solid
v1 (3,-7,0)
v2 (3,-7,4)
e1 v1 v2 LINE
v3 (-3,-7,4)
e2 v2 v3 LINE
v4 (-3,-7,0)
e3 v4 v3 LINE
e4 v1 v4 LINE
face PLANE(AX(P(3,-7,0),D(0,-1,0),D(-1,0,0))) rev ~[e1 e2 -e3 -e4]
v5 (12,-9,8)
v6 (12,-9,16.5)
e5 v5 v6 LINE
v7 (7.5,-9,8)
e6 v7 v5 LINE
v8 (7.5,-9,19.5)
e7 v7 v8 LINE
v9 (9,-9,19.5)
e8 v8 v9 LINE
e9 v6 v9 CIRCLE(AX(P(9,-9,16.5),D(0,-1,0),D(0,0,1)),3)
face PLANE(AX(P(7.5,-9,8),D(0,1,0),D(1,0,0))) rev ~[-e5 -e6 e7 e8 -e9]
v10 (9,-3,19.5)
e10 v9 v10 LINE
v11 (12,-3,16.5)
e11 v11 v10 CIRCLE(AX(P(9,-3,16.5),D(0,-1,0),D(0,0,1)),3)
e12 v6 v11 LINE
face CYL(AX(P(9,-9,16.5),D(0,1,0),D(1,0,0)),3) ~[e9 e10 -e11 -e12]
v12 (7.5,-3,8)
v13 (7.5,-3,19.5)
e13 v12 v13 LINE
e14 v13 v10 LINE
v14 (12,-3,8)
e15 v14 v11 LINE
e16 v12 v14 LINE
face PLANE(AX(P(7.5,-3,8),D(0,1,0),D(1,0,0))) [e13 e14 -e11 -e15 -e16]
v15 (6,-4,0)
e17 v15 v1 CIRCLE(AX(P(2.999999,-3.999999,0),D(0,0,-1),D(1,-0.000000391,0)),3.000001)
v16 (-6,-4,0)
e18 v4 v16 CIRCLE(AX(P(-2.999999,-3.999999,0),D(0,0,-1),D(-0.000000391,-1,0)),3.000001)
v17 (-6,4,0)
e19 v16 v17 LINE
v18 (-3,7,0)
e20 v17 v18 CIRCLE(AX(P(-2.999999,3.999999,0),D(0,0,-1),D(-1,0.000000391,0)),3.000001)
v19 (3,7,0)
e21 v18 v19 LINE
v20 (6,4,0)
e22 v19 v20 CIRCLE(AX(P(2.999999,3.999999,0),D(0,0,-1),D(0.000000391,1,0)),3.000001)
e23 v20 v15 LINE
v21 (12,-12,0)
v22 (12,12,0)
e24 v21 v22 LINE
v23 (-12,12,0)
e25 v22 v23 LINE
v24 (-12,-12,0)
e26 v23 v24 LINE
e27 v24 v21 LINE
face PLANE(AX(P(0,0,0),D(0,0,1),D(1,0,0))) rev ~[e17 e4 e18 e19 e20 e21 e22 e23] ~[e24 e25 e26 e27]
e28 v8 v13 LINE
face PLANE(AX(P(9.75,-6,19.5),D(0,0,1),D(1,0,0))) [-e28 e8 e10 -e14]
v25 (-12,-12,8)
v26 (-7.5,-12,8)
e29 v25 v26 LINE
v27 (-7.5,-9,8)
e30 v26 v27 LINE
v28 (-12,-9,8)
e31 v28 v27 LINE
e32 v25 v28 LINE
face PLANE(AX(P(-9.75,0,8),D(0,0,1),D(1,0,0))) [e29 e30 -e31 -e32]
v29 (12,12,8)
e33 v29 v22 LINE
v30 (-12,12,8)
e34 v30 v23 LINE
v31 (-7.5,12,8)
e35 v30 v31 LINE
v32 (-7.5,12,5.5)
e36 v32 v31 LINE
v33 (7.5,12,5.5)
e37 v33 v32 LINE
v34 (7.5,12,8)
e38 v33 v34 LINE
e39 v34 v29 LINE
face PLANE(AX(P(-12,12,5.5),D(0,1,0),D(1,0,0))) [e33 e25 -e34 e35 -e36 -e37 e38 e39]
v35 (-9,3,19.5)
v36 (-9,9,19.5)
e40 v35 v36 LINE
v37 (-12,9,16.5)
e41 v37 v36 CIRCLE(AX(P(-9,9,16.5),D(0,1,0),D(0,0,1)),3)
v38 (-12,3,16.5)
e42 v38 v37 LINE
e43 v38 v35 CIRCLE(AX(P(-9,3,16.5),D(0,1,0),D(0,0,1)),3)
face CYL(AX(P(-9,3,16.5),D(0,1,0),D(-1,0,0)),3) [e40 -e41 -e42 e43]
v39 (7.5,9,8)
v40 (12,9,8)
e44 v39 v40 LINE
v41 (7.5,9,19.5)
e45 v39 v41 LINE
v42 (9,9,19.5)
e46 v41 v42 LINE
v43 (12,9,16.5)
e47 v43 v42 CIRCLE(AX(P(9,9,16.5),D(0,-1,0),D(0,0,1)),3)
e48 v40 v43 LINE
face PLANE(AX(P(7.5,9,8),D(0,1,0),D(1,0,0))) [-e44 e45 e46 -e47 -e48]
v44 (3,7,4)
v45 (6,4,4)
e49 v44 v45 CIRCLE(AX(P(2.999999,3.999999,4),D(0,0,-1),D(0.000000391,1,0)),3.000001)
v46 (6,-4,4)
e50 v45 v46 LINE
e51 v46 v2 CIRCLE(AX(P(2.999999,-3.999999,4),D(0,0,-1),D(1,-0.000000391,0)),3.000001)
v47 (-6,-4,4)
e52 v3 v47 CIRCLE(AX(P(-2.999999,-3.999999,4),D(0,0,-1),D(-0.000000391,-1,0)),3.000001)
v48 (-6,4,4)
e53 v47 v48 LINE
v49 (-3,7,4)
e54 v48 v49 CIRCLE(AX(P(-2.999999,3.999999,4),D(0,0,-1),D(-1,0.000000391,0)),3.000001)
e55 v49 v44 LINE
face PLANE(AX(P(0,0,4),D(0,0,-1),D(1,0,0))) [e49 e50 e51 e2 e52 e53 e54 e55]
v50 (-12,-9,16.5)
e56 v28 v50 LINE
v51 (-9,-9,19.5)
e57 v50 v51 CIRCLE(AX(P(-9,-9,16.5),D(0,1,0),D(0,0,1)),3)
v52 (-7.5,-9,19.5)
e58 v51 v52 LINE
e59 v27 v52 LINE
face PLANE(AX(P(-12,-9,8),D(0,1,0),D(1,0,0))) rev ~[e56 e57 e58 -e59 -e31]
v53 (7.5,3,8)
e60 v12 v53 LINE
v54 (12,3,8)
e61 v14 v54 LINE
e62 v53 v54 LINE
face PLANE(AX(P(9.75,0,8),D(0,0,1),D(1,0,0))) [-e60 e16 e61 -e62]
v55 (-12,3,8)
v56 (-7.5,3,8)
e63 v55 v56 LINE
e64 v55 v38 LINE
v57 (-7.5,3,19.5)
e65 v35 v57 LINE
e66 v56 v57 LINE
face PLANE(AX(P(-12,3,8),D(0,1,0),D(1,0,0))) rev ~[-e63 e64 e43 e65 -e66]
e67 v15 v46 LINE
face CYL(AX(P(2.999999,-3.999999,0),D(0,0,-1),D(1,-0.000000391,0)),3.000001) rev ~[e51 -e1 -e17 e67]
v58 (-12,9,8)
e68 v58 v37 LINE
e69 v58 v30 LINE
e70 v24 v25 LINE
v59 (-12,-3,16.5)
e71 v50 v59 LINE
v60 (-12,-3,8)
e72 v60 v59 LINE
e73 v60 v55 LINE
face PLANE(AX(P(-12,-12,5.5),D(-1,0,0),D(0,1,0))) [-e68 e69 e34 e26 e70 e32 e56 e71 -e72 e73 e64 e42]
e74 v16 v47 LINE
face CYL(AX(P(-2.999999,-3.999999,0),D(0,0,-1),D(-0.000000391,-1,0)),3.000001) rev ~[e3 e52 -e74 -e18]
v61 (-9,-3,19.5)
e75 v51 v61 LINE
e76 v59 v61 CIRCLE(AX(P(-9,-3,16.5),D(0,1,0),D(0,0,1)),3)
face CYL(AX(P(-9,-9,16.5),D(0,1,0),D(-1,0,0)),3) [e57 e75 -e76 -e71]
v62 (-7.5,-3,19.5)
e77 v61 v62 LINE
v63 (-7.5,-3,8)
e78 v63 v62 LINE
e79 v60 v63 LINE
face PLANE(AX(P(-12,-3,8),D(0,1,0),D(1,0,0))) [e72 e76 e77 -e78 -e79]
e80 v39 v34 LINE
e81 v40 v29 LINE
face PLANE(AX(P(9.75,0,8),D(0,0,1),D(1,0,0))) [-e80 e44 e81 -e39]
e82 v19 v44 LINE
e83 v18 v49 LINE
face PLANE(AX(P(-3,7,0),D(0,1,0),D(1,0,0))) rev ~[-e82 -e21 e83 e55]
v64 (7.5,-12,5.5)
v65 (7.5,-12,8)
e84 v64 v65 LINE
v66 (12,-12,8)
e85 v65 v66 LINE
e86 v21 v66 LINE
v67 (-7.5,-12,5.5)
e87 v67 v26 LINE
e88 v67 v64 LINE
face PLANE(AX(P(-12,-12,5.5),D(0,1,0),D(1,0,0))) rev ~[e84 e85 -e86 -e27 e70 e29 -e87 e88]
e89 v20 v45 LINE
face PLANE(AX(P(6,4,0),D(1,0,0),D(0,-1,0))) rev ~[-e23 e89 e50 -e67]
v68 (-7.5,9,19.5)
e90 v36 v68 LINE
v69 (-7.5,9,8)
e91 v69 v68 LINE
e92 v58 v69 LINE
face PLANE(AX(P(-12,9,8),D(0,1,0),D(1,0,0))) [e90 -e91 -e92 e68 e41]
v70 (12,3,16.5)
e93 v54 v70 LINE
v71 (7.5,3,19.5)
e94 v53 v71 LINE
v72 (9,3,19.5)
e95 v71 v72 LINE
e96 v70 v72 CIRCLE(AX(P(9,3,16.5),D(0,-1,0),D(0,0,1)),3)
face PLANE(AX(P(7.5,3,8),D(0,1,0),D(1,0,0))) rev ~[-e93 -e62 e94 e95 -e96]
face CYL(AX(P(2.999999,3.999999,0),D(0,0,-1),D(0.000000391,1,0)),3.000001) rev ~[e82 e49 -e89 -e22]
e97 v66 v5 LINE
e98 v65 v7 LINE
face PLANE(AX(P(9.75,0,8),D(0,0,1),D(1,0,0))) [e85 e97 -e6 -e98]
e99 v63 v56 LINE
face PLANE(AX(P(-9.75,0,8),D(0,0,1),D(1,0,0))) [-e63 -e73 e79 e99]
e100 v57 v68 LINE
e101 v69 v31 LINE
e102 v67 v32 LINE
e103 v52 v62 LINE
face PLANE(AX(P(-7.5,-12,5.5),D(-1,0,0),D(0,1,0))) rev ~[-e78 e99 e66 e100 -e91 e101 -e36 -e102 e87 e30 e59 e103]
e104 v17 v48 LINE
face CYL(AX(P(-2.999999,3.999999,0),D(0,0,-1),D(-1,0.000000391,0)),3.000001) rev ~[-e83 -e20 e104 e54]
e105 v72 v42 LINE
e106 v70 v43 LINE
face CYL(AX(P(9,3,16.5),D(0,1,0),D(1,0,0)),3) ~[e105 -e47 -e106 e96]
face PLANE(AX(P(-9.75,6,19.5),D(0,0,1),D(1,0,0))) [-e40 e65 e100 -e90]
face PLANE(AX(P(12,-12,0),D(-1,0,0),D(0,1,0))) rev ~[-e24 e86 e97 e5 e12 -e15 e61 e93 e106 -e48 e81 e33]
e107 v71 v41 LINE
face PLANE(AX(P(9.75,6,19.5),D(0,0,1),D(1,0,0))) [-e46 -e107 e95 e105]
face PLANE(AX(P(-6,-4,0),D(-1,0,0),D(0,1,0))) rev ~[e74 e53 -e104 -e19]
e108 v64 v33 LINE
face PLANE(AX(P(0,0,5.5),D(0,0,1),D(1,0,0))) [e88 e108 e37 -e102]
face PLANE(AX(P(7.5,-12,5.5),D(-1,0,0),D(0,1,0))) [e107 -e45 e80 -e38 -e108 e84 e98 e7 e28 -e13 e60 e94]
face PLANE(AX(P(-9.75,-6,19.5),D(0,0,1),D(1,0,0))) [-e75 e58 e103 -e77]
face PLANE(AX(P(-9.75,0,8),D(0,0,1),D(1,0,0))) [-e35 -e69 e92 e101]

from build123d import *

# Parameters (mm, degrees)
F1_DEPTH = 5.5
F2_W     = 4.5
F2_H     = 24
F3_DEPTH = 2.5
F4_W     = 4.5
F4_H     = 6
F5_DEPTH = 11.5
F6_R     = 3
F8_DEPTH = 4


with BuildPart() as f1:
    # F0 (on Top) → F1 (new body)
    with BuildSketch(Plane.XY):
        Polygon((12, -12), (12, 0), (12, 12), (-12, 12), (-12, -12), align=None)
    extrude(amount=F1_DEPTH)

    # F2 (on face) → F3 (join)
    with BuildSketch(Plane.XY.offset(5.5)):
        with Locations((-9.75, 0)):
            Rectangle(F2_W, F2_H)
        with Locations((9.75, 0)):
            Rectangle(F2_W, F2_H)
    extrude(amount=F3_DEPTH)

    # F4 (on face) → F5 (join)
    with BuildSketch(Plane.XY.offset(8)):
        with Locations((-9.75, 6)):
            Rectangle(F4_W, F4_H)
        with Locations((-9.75, -6)):
            Rectangle(F4_W, F4_H)
        with Locations((9.75, 6)):
            Rectangle(F4_W, F4_H)
        with Locations((9.75, -6)):
            Rectangle(F4_W, F4_H)
    extrude(amount=F5_DEPTH)

    # F6
    f6_edges = [f1.edges().sort_by_distance(p)[0] for p in [
        (12, -6, 19.5),
        (12, 6, 19.5),
        (-12, 6, 19.5),
        (-12, -6, 19.5),
    ]]
    fillet(f6_edges, radius=F6_R)

    # F7 (on face) → F8 (cut)
    with BuildSketch(Plane(origin=(0, 0, 0), x_dir=(1, 0, 0), z_dir=(0, 0, -1))):
        with BuildLine():
            Line((-3, -7), (0, -7))
            Line((0, -7), (3, -7))
            ThreePointArc((3, -7), (5.12132, -6.12132), (6, -4))
            Line((6, -4), (6, 4))
            ThreePointArc((6, 4), (5.12132, 6.12132), (3, 7))
            Line((3, 7), (-3, 7))
            ThreePointArc((-3, 7), (-5.12132, 6.12132), (-6, 4))
            Line((-6, 4), (-6, -4))
            ThreePointArc((-6, -4), (-5.12132, -6.12132), (-3, -7))
        make_face()
    extrude(amount=-F8_DEPTH, mode=Mode.SUBTRACT)


solid = f1.part
